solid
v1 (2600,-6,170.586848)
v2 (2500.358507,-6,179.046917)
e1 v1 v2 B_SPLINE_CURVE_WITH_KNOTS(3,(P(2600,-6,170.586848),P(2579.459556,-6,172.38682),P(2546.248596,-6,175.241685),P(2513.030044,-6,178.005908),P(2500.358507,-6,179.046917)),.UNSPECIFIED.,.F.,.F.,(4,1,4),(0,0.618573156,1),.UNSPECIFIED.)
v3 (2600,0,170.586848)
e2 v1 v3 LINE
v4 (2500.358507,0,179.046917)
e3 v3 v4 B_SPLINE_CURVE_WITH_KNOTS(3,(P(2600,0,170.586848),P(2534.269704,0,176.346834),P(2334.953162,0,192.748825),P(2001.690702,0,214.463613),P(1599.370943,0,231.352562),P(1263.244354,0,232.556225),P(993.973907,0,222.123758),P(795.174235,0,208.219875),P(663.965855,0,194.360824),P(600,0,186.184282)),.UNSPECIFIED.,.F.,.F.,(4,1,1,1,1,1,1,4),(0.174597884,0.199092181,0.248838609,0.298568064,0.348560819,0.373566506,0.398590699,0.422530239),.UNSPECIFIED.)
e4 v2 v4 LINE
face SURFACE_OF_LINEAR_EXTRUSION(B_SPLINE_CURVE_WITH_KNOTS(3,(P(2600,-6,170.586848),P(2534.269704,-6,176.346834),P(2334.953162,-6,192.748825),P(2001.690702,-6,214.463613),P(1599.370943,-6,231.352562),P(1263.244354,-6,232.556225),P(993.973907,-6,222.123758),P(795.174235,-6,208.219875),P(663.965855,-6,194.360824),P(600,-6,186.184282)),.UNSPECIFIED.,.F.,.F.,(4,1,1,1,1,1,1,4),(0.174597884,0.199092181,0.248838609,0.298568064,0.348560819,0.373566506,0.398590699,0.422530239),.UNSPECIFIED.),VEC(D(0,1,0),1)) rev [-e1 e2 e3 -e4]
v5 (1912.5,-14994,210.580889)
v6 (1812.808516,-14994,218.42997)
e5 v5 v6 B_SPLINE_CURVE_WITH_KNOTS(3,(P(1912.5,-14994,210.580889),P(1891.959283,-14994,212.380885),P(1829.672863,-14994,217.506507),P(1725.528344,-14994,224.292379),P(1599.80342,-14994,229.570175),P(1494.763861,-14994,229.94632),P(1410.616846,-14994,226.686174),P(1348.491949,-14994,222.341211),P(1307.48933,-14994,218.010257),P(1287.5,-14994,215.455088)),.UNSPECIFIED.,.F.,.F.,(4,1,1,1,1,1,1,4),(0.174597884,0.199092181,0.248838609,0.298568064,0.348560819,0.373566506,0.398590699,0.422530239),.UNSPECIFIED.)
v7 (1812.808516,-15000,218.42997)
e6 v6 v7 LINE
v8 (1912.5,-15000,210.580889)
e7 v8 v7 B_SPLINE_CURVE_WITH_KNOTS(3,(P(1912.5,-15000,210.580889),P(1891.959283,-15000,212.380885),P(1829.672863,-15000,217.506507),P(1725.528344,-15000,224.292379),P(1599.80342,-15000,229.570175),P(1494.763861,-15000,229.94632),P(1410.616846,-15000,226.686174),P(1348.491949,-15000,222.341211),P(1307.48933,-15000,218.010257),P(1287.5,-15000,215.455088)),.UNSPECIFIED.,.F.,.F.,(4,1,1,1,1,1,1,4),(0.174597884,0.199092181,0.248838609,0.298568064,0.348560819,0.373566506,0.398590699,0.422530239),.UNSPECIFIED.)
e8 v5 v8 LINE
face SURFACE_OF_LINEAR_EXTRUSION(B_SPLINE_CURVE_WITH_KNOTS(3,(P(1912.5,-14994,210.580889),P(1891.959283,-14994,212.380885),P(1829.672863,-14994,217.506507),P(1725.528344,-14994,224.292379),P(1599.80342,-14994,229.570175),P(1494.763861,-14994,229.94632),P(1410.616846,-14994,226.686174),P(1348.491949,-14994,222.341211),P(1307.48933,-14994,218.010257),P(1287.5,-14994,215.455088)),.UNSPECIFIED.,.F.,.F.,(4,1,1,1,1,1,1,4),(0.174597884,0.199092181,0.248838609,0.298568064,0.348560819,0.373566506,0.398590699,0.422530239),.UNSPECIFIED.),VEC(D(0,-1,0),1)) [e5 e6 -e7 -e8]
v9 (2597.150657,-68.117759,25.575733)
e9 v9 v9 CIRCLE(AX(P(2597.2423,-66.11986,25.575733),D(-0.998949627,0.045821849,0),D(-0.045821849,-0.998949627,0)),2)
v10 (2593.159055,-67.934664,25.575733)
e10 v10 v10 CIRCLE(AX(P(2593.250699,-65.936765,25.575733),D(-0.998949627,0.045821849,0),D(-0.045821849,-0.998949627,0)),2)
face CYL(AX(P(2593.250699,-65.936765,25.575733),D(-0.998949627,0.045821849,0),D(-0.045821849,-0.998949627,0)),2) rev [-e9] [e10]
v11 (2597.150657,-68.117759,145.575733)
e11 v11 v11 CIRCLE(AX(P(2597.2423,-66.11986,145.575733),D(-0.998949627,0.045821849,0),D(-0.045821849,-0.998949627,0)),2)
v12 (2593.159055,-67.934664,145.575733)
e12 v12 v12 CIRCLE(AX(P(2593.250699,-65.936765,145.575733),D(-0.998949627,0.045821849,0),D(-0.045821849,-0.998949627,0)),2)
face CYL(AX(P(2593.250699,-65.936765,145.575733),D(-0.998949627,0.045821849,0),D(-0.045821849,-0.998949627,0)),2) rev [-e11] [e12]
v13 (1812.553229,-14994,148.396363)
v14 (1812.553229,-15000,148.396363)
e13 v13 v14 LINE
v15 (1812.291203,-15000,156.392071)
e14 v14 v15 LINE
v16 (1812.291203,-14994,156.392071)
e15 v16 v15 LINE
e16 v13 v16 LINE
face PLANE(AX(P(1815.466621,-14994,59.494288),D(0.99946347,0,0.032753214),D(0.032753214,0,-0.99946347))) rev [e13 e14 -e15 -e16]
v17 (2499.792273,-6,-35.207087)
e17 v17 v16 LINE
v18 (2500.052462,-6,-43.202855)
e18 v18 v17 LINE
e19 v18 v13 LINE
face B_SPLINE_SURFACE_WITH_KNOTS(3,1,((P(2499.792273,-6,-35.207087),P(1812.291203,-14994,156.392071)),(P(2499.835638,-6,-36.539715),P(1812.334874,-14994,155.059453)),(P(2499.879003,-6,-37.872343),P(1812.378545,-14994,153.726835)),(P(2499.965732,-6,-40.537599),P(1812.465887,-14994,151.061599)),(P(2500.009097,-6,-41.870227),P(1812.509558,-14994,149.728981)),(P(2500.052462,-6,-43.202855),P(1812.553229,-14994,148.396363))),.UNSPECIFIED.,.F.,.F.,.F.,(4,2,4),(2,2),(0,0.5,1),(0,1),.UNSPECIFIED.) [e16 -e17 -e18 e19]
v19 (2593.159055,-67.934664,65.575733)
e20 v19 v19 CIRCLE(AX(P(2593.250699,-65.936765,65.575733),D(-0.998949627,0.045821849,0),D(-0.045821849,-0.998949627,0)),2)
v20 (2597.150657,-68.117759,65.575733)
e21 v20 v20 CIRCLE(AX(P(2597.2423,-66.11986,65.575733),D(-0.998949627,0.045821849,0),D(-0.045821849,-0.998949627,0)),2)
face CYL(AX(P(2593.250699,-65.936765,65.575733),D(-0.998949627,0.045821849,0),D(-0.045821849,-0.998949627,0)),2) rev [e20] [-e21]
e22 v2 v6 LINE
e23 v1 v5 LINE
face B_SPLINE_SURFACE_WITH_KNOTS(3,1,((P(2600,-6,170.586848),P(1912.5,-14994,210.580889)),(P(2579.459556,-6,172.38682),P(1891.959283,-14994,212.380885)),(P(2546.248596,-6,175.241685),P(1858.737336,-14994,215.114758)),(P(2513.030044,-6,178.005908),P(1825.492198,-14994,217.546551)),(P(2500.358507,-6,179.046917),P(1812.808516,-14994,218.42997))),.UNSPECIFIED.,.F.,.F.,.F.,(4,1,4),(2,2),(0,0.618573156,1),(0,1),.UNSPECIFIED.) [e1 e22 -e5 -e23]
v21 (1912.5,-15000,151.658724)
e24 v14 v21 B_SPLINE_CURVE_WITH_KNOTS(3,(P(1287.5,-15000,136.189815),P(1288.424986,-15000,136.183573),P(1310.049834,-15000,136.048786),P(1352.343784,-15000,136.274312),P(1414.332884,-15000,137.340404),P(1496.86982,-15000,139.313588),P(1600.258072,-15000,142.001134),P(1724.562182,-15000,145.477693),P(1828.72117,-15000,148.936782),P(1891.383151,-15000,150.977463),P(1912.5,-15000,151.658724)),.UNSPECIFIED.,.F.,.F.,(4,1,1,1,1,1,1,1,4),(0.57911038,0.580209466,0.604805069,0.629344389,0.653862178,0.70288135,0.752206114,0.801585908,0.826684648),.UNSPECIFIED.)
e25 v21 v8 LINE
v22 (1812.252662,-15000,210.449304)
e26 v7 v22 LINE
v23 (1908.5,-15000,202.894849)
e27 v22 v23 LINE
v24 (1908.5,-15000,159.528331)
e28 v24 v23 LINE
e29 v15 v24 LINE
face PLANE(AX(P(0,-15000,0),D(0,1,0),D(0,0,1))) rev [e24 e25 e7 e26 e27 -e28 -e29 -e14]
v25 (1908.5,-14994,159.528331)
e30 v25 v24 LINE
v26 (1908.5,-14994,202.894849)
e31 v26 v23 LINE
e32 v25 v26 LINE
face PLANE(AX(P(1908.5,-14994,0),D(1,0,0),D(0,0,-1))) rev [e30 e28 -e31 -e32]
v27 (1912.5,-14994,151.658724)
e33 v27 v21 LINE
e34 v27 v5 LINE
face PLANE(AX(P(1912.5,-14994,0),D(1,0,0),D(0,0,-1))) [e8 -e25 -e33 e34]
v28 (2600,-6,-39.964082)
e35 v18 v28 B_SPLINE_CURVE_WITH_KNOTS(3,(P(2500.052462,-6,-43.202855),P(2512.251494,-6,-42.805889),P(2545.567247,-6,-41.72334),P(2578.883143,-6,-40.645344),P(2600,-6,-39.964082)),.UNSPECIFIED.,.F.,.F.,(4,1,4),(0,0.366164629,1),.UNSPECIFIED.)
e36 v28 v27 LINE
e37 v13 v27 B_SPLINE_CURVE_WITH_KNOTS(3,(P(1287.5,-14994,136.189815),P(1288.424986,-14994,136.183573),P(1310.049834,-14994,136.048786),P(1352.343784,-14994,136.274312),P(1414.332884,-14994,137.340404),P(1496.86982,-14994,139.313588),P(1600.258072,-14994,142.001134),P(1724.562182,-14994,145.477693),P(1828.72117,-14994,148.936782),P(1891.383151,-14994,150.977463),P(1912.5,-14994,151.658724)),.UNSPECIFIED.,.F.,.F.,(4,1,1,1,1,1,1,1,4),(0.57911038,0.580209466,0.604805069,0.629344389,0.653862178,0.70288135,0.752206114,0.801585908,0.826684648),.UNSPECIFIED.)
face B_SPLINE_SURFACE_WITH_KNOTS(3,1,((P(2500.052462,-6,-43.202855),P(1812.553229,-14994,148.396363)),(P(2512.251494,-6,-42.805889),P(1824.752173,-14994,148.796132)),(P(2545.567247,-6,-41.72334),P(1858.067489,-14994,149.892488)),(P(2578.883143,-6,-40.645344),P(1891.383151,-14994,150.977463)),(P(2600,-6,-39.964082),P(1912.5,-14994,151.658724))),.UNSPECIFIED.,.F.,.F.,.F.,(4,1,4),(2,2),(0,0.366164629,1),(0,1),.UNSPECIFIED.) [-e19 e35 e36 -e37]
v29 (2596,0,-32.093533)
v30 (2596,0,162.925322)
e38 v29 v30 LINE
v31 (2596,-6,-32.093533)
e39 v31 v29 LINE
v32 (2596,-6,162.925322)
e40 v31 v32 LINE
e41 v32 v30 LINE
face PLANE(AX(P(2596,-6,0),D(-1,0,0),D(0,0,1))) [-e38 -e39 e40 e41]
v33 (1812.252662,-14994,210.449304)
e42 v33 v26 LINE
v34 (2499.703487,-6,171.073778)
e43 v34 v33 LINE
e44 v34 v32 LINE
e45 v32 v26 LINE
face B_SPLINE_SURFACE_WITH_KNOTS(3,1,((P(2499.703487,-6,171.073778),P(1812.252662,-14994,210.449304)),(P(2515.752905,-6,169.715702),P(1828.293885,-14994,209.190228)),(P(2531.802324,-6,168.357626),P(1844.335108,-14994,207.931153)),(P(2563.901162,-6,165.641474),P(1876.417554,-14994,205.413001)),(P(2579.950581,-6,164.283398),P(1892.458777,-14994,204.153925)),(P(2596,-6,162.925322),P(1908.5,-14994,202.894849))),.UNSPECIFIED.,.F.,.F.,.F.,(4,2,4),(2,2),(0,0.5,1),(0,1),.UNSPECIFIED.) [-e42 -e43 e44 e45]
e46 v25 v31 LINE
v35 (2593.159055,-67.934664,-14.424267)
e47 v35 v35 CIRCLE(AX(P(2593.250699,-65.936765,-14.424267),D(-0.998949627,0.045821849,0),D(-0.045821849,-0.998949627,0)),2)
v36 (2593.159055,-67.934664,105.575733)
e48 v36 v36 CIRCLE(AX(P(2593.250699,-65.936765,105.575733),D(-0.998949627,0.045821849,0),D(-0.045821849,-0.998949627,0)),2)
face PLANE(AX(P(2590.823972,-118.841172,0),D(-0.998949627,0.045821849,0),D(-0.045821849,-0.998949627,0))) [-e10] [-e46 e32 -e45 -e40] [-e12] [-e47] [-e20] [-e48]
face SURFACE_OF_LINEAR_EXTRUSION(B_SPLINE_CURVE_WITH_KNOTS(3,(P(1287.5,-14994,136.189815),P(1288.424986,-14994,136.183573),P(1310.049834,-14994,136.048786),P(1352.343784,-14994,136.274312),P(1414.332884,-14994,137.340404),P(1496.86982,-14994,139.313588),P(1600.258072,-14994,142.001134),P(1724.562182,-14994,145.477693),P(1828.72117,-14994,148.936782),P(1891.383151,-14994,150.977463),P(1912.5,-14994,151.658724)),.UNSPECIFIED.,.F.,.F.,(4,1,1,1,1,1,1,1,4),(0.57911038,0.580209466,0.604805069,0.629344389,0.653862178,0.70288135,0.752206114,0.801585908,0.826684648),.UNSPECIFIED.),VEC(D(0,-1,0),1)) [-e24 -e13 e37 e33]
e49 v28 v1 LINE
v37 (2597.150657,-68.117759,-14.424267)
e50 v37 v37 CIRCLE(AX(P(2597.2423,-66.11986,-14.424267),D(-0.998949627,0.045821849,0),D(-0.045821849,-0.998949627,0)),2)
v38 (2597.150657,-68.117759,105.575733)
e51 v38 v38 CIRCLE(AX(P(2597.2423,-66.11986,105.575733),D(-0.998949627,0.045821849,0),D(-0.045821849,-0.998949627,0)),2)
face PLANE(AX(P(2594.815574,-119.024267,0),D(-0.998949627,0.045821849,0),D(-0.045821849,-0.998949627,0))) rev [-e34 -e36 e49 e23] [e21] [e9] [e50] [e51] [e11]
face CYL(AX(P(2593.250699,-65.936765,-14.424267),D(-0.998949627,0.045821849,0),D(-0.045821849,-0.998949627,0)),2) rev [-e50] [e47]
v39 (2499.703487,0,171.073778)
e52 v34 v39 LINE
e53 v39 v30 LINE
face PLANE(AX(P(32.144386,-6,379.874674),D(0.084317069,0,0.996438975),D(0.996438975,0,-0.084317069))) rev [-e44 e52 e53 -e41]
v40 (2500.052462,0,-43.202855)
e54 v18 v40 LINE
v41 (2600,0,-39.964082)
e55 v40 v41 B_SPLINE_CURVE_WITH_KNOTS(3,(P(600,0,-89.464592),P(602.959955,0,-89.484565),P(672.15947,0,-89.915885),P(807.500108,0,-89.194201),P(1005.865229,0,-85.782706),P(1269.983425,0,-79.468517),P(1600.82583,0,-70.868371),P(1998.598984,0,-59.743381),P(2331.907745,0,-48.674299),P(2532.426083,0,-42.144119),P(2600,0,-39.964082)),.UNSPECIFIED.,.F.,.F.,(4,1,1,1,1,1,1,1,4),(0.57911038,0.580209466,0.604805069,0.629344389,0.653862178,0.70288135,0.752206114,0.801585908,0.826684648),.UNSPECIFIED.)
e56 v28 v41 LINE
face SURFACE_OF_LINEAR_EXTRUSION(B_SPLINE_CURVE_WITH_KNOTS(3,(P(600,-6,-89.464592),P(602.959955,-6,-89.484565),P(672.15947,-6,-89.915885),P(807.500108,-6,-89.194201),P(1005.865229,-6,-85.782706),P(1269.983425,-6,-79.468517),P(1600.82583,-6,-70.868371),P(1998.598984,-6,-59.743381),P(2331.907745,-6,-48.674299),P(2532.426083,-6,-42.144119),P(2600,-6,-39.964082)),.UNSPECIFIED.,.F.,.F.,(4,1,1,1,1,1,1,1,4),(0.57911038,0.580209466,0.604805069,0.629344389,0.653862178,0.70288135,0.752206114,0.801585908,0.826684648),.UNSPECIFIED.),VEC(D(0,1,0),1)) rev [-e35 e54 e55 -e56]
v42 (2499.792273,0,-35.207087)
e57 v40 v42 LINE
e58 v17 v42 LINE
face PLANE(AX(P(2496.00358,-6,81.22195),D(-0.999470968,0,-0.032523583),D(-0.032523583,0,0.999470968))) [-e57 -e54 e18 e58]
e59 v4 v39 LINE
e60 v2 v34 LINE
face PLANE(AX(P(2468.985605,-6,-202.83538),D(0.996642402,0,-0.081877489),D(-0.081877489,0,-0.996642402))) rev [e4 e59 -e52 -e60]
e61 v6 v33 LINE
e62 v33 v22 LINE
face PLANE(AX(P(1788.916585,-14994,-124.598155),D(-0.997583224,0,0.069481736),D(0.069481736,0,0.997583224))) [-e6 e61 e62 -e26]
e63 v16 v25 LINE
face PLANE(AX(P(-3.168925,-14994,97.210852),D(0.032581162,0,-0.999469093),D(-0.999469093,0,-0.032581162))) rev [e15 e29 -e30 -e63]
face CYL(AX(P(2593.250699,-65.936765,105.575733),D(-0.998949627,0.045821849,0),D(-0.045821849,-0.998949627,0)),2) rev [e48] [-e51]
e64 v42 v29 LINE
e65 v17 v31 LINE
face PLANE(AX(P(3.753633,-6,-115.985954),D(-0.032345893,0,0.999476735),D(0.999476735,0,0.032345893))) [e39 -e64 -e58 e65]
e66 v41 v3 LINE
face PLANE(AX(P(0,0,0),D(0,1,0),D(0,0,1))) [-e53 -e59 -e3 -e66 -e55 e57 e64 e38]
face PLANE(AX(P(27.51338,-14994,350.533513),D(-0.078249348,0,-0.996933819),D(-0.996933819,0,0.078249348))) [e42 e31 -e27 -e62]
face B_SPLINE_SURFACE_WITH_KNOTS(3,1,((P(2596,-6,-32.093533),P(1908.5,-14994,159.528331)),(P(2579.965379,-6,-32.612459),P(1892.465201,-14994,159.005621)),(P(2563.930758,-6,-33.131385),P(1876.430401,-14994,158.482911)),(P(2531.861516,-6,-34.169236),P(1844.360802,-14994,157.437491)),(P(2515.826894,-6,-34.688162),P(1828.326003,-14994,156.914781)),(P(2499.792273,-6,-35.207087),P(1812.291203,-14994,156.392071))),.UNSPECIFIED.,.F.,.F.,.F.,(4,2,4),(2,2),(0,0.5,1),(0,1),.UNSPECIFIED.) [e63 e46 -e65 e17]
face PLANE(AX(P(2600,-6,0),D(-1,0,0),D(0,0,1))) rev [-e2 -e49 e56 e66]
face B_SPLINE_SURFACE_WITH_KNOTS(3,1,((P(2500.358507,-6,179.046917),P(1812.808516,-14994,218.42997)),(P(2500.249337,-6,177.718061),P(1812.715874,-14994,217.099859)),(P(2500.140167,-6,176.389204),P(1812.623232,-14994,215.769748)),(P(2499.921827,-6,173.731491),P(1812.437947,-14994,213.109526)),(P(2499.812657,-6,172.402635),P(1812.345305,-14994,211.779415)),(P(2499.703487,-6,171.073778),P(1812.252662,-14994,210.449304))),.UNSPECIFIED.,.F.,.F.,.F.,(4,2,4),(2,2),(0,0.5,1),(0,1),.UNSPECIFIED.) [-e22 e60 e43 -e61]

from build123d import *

# Parameters (mm, degrees)
BOSS_EXTRUDE1_DEPTH       = 6
BOSS_EXTRUDE2_DEPTH       = 6
F_4_0MM_DOWEL_HOLE1_D     = 4
F_4_0MM_DOWEL_HOLE1_DEPTH = 691.048650037


with BuildPart() as part:
    # Sketch1 → Boss-Extrude1 (new body)
    with BuildSketch(Plane(origin=(0, 0, 0), x_dir=(1, 0, 0), z_dir=(0, 1, 0))):
        with BuildLine():
            Line((2600, -170.586848035), (2600, 39.964081965))
            add(Edge.make_bspline(
                [(2500.052462015, 43.202855025), (2533.368165788, 42.118735422), (2566.684003357, 41.038906482), (2600, 39.964081965)],
                knots=[0.814310206, 0.814310206, 0.814310206, 0.814310206, 0.826684648, 0.826684648, 0.826684648, 0.826684648], degree=3))
            Line((2500.052462015, 43.202855025), (2499.792273349, 35.207087279))
            Line((2499.792273349, 35.207087279), (2596, 32.093533273))
            Line((2596, 32.093533273), (2596, -162.925321623))
            Line((2596, -162.925321623), (2499.703486598, -171.073778237))
            Line((2499.703486598, -171.073778237), (2500.358506507, -179.04691745))
            add(Edge.make_bspline(
                [(2600, -170.586848035), (2566.793832387, -173.496724848), (2533.579916888, -176.317668077), (2500.358506507, -179.04691745)],
                knots=[0.174597884, 0.174597884, 0.174597884, 0.174597884, 0.186972113, 0.186972113, 0.186972113, 0.186972113], degree=3))
        make_face()
    extrude(amount=-BOSS_EXTRUDE1_DEPTH)



with BuildPart() as body_2:
    # Sketch2 → Boss-Extrude2 (new body)
    with BuildSketch(Plane(origin=(0, -15000, 0), x_dir=(1, 0, 0), z_dir=(0, 1, 0))):
        with BuildLine():
            Line((1912.5, -210.580889388), (1912.5, -151.658724384))
            add(Edge.make_bspline(
                [(1812.553229164, -148.39636335), (1824.752172678, -148.79613245), (1858.06748925, -149.892488396), (1891.3831508, -150.977462842), (1912.5, -151.658724384)],
                knots=[0.787086448, 0.787086448, 0.787086448, 0.787086448, 0.801585908, 0.826684648, 0.826684648, 0.826684648, 0.826684648], degree=3))
            Line((1812.553229164, -148.39636335), (1812.291203449, -156.392071106))
            Line((1812.291203449, -156.392071106), (1908.5, -159.528330511))
            Line((1908.5, -159.528330511), (1908.5, -202.894849438))
            Line((1908.5, -202.894849438), (1812.252662355, -210.449304162))
            Line((1812.252662355, -210.449304162), (1812.808516239, -218.429969952))
            add(Edge.make_bspline(
                [(1912.5, -210.580889388), (1891.959282547, -212.380885064), (1858.737335883, -215.114757805), (1825.492197957, -217.546550706), (1812.808516239, -218.429969952)],
                knots=[0.174597884, 0.174597884, 0.174597884, 0.174597884, 0.199092181, 0.214195944, 0.214195944, 0.214195944, 0.214195944], degree=3))
        make_face()
    extrude(amount=BOSS_EXTRUDE2_DEPTH)


with BuildPart() as part_1:
    add(part.part)

    add(body_2.part)  # loft1 joins it to this body
    # loft from a face of the part (loft1)
    loft([part_1.faces().sort_by_distance((2549.978703163, -6, 172.455031752))[0], part_1.faces().sort_by_distance((1862.575784766, -14994, 213.50968439))[0]])

    # Ø4.0mm Dowel Hole1
    with Locations(Plane(origin=(2592.577472154, -80.613597565, -62.953690956), x_dir=(-0.04582184873701848, -0.9989496274479118, 0), z_dir=(-0.9989496274479118, 0.04582184873701848, 0))):
        with Locations((-14.692264944, 128.529423621), (-14.69226494, 208.529423621), (-14.692264942, 168.529423621), (-14.692264948, 48.529423621), (-14.692264946, 88.529423621)):
            Hole(F_4_0MM_DOWEL_HOLE1_D / 2, depth=F_4_0MM_DOWEL_HOLE1_DEPTH)


solid = part_1.part
